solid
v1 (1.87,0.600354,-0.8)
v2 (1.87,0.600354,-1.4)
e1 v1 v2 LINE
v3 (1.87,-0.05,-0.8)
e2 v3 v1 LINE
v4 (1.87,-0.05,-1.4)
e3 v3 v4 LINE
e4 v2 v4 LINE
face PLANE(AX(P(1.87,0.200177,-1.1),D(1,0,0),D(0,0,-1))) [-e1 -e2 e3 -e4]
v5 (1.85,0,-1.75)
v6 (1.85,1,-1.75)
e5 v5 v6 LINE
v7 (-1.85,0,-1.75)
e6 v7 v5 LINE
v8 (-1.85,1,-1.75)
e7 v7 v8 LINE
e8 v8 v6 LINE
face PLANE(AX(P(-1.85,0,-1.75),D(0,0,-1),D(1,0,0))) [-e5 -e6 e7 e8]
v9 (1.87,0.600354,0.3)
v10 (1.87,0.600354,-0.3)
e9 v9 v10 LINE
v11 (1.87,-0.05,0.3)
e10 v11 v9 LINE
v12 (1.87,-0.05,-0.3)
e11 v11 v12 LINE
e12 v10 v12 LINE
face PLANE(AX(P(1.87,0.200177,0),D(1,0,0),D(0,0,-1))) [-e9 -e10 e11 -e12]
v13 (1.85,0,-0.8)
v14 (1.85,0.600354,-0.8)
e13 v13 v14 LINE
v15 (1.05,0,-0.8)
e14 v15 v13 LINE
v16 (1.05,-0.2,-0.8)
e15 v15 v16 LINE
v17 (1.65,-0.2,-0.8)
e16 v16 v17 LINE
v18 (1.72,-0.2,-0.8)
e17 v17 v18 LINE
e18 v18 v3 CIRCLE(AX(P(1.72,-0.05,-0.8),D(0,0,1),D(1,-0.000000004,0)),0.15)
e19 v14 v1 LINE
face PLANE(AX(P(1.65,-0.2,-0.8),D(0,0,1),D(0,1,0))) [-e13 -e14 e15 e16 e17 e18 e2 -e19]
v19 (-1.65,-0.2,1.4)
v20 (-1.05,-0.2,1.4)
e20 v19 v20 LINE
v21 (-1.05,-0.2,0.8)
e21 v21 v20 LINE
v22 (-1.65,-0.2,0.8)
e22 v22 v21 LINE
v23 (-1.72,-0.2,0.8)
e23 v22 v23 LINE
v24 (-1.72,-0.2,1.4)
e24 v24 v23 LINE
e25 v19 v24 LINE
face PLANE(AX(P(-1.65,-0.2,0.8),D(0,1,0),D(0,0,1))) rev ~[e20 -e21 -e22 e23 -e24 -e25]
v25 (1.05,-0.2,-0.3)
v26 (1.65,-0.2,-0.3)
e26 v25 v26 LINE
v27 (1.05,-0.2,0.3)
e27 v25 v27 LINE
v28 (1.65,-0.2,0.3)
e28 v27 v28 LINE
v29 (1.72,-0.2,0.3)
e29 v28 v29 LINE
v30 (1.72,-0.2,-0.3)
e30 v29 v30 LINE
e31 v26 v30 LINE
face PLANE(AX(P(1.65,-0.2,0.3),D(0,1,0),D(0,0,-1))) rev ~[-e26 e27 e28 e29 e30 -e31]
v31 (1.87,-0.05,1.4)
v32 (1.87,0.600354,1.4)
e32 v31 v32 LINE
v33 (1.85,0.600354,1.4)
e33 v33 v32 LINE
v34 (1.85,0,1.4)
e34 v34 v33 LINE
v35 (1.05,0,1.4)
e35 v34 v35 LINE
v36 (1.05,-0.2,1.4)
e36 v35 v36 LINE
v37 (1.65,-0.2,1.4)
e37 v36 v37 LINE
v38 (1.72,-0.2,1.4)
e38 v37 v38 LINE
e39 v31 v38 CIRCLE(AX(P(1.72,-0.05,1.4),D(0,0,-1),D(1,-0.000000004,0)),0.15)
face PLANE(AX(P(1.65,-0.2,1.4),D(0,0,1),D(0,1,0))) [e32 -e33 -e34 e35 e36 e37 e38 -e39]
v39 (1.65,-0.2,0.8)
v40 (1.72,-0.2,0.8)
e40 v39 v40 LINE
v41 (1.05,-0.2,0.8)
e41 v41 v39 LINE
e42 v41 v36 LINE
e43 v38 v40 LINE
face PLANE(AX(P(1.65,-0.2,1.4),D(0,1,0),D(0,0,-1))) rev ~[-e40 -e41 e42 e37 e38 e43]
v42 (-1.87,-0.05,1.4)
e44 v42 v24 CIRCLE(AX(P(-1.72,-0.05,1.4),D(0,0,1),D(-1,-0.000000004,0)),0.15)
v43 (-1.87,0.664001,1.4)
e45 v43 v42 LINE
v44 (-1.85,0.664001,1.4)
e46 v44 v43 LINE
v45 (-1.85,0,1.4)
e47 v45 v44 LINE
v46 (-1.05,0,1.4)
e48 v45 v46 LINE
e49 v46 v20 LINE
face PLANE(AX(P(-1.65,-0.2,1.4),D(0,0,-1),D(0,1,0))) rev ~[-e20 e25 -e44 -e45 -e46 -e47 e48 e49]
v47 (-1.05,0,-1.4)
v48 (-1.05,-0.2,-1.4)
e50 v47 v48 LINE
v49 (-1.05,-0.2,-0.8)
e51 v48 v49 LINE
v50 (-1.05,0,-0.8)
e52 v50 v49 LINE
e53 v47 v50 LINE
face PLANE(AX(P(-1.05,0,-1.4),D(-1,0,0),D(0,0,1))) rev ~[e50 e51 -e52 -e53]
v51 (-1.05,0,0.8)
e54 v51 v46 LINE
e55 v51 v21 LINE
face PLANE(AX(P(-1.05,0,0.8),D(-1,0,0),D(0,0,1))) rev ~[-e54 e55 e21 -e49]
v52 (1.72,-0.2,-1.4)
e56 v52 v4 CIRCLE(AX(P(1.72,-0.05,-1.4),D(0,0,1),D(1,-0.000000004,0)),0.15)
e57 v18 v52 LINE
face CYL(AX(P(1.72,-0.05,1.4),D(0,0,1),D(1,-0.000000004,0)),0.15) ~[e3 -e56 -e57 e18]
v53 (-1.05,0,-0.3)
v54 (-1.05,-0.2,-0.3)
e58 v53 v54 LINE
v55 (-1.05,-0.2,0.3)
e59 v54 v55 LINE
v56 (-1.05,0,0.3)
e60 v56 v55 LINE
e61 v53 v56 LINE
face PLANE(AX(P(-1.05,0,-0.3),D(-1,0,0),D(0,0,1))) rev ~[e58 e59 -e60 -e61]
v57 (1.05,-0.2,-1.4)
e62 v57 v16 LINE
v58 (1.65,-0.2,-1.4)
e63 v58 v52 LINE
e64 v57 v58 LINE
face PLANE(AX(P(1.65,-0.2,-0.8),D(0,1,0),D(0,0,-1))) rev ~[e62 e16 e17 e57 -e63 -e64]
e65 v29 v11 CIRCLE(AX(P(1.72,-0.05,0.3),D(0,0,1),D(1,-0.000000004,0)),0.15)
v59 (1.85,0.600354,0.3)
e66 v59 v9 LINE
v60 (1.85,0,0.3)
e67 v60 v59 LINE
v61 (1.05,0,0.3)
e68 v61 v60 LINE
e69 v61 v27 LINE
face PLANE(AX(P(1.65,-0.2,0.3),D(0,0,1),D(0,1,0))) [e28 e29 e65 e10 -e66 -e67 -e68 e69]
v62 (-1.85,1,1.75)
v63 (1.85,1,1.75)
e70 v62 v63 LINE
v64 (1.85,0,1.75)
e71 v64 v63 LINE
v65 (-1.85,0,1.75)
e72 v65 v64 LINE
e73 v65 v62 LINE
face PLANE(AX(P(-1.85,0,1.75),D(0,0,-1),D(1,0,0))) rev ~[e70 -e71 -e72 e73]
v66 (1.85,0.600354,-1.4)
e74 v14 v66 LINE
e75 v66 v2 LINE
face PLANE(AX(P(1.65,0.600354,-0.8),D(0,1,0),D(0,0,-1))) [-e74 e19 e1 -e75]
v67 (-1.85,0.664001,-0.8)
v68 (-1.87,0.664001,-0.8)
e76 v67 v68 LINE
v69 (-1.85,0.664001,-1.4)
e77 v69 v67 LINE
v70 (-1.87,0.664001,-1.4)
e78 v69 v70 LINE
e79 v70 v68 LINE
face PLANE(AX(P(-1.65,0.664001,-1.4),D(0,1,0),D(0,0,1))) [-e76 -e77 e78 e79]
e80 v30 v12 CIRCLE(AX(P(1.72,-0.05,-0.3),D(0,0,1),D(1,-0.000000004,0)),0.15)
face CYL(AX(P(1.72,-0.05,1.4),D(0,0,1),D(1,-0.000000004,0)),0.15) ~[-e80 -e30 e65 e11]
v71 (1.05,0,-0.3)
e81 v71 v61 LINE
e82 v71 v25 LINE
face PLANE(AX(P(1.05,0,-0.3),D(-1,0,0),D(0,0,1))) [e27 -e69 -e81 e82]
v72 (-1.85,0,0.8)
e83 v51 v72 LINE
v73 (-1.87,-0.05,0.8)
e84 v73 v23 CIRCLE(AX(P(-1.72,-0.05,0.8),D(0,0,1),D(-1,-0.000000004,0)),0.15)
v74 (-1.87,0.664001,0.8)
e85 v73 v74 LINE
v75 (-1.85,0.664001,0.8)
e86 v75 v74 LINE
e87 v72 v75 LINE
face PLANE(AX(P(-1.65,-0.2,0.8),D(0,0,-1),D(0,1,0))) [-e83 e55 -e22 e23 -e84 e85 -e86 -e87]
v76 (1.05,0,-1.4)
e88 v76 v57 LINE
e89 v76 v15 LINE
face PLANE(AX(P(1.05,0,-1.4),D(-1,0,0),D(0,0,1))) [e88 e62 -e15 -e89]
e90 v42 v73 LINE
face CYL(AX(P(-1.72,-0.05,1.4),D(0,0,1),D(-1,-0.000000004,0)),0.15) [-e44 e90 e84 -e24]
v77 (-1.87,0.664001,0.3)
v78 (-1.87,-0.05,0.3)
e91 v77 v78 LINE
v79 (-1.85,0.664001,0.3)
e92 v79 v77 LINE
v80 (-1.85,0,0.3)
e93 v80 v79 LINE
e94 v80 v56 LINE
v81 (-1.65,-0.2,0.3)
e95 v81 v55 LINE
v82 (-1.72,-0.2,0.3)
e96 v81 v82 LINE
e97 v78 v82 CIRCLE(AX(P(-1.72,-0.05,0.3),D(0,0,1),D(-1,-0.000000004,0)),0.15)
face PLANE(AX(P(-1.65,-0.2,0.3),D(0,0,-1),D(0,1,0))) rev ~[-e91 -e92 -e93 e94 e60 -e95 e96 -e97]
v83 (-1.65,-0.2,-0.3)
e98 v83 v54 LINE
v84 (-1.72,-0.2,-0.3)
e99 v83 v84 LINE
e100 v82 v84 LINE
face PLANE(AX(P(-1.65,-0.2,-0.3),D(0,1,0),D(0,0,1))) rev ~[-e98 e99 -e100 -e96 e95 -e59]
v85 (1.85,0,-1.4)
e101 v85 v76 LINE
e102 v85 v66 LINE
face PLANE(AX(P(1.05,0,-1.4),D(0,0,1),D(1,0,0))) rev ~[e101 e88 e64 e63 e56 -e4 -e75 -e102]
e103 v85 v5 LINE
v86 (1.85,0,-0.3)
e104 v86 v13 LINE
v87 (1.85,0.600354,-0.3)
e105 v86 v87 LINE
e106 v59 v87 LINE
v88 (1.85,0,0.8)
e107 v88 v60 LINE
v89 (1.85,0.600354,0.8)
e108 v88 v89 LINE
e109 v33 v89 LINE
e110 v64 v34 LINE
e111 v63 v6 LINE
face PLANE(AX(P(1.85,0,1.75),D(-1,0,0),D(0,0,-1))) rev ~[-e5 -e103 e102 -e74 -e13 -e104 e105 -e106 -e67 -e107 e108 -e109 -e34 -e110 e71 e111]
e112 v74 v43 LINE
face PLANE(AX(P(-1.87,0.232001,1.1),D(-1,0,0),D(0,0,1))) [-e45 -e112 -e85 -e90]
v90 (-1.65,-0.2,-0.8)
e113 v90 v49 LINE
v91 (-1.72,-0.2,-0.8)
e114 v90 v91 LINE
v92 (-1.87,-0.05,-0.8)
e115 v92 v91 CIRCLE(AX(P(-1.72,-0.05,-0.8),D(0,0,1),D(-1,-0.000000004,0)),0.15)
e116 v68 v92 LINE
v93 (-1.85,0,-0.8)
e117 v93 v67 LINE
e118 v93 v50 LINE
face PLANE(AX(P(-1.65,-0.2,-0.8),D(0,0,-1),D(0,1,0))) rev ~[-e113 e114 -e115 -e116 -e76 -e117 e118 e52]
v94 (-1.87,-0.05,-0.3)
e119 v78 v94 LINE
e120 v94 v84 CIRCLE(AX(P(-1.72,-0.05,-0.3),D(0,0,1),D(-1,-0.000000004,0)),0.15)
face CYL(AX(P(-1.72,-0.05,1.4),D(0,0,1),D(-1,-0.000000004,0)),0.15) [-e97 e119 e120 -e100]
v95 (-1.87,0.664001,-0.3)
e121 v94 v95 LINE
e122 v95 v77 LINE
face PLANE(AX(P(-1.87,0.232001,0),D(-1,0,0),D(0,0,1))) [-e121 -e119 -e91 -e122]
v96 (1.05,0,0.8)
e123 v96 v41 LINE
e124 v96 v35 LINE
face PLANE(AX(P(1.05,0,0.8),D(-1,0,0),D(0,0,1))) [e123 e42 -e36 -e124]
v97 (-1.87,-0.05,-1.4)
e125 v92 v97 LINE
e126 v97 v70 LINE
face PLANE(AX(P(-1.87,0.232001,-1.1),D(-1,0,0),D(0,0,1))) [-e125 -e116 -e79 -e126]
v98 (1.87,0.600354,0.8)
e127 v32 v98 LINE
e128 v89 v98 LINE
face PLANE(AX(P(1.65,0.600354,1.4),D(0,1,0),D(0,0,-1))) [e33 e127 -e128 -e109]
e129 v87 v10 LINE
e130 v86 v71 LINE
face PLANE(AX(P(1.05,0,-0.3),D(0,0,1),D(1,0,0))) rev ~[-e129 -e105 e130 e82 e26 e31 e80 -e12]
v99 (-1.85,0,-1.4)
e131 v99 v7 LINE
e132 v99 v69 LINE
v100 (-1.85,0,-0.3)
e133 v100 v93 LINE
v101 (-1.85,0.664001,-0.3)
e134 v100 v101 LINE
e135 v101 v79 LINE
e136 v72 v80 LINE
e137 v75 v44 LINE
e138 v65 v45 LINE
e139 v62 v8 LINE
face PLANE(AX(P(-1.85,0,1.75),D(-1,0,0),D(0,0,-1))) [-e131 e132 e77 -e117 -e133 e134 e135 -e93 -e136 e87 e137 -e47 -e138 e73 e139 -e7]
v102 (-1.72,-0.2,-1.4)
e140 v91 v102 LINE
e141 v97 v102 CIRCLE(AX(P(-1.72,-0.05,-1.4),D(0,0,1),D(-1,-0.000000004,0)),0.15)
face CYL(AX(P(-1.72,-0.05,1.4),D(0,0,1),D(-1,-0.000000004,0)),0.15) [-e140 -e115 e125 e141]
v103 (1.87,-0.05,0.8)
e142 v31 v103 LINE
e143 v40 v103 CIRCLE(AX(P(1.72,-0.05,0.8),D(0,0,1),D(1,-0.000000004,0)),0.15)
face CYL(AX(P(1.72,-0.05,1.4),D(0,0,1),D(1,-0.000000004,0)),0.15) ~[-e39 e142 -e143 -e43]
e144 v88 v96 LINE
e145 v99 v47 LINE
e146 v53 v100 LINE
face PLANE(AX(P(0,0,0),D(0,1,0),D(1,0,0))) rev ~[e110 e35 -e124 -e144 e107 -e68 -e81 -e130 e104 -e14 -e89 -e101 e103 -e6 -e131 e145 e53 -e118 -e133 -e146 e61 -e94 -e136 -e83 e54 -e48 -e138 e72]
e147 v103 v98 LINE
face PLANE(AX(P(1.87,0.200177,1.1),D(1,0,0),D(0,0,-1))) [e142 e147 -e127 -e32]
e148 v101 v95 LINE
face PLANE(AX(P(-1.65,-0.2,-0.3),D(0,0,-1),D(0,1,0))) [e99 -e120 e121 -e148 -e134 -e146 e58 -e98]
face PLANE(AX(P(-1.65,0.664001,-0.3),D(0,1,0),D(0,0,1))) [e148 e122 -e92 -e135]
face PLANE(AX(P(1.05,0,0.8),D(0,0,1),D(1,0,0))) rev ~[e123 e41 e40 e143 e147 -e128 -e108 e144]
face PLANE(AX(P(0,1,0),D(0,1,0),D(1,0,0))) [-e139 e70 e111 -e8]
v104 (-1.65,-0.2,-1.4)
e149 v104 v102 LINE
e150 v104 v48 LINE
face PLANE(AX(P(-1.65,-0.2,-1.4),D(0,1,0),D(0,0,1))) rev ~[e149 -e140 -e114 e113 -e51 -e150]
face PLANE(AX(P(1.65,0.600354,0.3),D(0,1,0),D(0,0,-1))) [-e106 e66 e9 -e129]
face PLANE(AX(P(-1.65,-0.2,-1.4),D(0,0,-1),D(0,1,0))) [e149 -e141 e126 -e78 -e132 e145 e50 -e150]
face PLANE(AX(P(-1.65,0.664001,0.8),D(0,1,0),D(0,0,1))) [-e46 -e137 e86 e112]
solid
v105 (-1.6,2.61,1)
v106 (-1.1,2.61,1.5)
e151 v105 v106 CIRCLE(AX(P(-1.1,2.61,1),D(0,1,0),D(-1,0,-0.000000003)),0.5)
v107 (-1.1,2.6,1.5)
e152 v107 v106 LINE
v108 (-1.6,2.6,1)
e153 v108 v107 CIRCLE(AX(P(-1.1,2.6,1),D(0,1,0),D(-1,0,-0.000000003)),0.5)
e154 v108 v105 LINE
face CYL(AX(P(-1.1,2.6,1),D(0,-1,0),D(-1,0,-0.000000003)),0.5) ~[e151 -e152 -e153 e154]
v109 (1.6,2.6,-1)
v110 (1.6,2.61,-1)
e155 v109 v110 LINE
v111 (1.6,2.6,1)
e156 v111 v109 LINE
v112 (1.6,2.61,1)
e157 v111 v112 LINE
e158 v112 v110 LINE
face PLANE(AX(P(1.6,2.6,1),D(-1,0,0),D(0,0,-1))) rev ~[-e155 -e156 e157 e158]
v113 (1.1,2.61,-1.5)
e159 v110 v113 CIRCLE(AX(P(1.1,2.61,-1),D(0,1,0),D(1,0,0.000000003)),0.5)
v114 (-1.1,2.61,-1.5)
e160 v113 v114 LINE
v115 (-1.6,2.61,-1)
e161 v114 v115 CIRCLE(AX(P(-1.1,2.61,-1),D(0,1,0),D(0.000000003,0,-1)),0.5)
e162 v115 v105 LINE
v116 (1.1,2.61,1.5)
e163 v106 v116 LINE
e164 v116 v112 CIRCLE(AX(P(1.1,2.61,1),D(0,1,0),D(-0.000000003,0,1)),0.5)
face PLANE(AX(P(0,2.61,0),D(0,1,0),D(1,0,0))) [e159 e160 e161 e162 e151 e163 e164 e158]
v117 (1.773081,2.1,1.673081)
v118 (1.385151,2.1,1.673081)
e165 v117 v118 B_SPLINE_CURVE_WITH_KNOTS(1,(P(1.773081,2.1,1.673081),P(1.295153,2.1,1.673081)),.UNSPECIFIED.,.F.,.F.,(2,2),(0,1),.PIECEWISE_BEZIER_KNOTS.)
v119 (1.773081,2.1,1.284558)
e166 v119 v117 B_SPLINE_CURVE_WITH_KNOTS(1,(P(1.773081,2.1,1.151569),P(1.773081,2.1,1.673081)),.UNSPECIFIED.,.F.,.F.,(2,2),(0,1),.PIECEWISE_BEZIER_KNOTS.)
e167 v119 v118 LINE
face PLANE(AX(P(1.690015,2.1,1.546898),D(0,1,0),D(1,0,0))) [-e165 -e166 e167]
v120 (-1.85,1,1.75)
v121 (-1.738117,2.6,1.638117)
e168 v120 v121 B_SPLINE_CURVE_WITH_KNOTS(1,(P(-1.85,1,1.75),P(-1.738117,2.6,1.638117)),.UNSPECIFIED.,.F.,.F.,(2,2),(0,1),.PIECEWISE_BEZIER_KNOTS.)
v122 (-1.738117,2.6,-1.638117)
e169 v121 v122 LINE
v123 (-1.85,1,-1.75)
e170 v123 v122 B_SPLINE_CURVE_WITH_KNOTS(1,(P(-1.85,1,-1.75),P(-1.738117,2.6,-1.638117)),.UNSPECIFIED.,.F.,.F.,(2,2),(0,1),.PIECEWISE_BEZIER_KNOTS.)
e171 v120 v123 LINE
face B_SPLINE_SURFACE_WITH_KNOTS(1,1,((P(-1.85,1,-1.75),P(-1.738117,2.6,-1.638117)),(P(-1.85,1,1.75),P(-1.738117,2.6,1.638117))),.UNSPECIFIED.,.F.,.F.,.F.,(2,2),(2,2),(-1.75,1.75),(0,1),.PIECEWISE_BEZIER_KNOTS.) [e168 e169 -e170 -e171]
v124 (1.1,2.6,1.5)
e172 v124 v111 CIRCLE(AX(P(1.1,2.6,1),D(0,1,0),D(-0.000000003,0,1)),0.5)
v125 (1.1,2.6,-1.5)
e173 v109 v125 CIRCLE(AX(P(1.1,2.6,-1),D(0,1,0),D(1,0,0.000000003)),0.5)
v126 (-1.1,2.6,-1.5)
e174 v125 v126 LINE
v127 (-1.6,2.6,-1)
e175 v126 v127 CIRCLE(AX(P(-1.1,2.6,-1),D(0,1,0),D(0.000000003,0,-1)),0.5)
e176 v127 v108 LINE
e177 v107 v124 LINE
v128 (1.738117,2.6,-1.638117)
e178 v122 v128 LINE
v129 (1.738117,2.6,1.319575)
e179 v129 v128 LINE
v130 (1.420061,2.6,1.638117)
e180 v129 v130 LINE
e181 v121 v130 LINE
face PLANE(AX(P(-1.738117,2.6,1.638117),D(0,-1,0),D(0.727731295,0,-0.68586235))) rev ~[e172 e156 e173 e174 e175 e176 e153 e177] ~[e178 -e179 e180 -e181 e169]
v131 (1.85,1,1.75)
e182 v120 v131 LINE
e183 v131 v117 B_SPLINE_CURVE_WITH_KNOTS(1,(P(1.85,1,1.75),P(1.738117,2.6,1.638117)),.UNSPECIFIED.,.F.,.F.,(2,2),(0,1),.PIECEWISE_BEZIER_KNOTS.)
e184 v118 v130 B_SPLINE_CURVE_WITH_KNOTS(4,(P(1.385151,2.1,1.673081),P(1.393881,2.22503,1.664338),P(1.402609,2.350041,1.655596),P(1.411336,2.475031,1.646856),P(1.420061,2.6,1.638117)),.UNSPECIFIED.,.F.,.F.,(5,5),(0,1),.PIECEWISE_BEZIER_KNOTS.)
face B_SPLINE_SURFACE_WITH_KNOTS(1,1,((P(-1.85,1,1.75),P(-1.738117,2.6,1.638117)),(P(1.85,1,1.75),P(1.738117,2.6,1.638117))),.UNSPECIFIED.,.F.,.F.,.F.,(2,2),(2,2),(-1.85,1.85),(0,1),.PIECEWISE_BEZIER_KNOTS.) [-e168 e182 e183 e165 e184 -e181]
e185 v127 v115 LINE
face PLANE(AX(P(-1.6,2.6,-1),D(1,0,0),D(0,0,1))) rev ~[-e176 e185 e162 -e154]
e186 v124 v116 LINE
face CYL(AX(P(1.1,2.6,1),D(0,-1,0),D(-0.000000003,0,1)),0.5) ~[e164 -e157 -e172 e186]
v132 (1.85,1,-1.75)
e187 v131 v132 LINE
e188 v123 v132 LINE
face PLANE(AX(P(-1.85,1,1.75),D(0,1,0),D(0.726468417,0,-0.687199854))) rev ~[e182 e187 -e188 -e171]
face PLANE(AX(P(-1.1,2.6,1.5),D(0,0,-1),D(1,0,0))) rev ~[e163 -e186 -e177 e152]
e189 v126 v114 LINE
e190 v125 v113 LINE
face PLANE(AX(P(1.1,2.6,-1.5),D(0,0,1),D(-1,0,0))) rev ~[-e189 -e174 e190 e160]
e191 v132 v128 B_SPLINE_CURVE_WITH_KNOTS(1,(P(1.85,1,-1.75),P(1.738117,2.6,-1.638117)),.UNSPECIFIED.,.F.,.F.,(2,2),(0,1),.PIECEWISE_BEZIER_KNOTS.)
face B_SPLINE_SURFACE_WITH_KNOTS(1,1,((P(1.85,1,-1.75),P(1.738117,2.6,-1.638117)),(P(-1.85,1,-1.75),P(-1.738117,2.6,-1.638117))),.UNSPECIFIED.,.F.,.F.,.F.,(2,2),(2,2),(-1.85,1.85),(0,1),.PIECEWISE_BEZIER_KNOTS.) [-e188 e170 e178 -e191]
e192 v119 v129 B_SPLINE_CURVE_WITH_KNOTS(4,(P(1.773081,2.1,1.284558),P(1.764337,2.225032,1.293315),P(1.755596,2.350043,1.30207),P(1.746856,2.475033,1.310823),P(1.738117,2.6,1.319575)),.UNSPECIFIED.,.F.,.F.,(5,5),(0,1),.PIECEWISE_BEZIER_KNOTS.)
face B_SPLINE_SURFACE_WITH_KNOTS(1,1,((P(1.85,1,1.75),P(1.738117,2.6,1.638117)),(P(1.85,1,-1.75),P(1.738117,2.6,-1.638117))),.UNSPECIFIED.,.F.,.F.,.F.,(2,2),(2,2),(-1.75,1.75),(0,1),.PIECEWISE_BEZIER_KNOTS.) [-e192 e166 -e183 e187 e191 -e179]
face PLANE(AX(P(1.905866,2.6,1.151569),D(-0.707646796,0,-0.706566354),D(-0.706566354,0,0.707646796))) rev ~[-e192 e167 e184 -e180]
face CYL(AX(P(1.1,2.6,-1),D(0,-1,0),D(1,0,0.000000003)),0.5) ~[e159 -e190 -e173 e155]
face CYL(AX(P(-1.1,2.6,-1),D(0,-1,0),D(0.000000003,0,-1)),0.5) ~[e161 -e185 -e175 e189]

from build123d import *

# Parameters (mm, degrees)
ESQUISSE1_W                  = 3.7
ESQUISSE1_H                  = 3.5
BOSS_EXTRU_1_DEPTH           = 1
ESQUISSE2_W                  = 3.7
ESQUISSE2_H                  = 3.5
BOSS_EXTRU_2_DEPTH           = 1.6
BOSS_EXTRU_2_TAPER           = 4
BOSS_EXTRU_3_DEPTH           = 0.01
ENL_V_MAT_EXTRU_2_DEPTH      = 0.5
ESQUISSE5_W                  = 0.8
ESQUISSE5_H                  = 0.6
BOSS_EXTRU_4_DEPTH           = 0.2
ESQUISSE6_W                  = 0.6
ESQUISSE6_H                  = 0.864001059
ENL_V_MAT_EXTRU_3_DEPTH      = 0.2
ESQUISSE8_W                  = 0.6
ESQUISSE8_H                  = 0.800354125
ENL_V_MAT_EXTRU_4_DEPTH      = 0.2
ESQUISSE9_W                  = 0.6
ESQUISSE9_H                  = 0.864001059
BOSS_EXTRU_5_DEPTH           = 0.22
ESQUISSE10_W                 = 0.6
ESQUISSE10_H                 = 0.800354125
BOSS_EXTRU_6_DEPTH           = 0.22
ENL_V_MAT_EXTRU_5_DEPTH      = 5.497944045
CORPS_D_PLACER_COPIER1_ANGLE = 180


with BuildPart() as part:
    # Esquisse1 → Boss.-Extru.1 (new body)
    with BuildSketch(Plane(origin=(0, 0, 0), x_dir=(1, 0, 0), z_dir=(0, 1, 0))):
        Rectangle(ESQUISSE1_W, ESQUISSE1_H)
    extrude(amount=BOSS_EXTRU_1_DEPTH)

    # Esquisse5 → Boss.-Extru.4 (add)
    with BuildSketch(Plane.XZ):
        with Locations((-1.45, 0)):
            Rectangle(ESQUISSE5_W, ESQUISSE5_H)
        with Locations((1.45, 0)):
            Rectangle(ESQUISSE5_W, ESQUISSE5_H)
        with Locations((1.45, 1.1)):
            Rectangle(ESQUISSE5_W, ESQUISSE5_H)
        with Locations((-1.45, 1.1)):
            Rectangle(ESQUISSE5_W, ESQUISSE5_H)
        with Locations((1.45, -1.1)):
            Rectangle(ESQUISSE5_W, ESQUISSE5_H)
        with Locations((-1.45, -1.1)):
            Rectangle(ESQUISSE5_W, ESQUISSE5_H)
    extrude(amount=BOSS_EXTRU_4_DEPTH)

    # Esquisse6 → Enlèv. mat.-Extru.3 (cut)
    with BuildSketch(Plane.ZY.offset(1.85)):
        with Locations((-1.1, 0.23200053)):
            Rectangle(ESQUISSE6_W, ESQUISSE6_H)
        with Locations((0, 0.23200053)):
            Rectangle(ESQUISSE6_W, ESQUISSE6_H)
        with Locations((1.1, 0.23200053)):
            Rectangle(ESQUISSE6_W, ESQUISSE6_H)
    extrude(amount=-ENL_V_MAT_EXTRU_3_DEPTH, mode=Mode.SUBTRACT)

    # Esquisse8 → Enlèv. mat.-Extru.4 (cut)
    with BuildSketch(Plane(origin=(1.85, 0, 0), x_dir=(0, 0, -1), z_dir=(1, 0, 0))):
        with Locations((-1.1, 0.200177063)):
            Rectangle(ESQUISSE8_W, ESQUISSE8_H)
        with Locations((0, 0.200177063)):
            Rectangle(ESQUISSE8_W, ESQUISSE8_H)
        with Locations((1.1, 0.200177063)):
            Rectangle(ESQUISSE8_W, ESQUISSE8_H)
    extrude(amount=-ENL_V_MAT_EXTRU_4_DEPTH, mode=Mode.SUBTRACT)

    # Esquisse9 → Boss.-Extru.5 (add)
    with BuildSketch(Plane.ZY.offset(1.65)):
        with Locations((-1.1, 0.23200053)):
            Rectangle(ESQUISSE9_W, ESQUISSE9_H)
        with Locations((0, 0.23200053)):
            Rectangle(ESQUISSE9_W, ESQUISSE9_H)
        with Locations((1.1, 0.23200053)):
            Rectangle(ESQUISSE9_W, ESQUISSE9_H)
    extrude(amount=BOSS_EXTRU_5_DEPTH)

    # Esquisse10 → Boss.-Extru.6 (add)
    with BuildSketch(Plane(origin=(1.65, 0, 0), x_dir=(0, 0, -1), z_dir=(1, 0, 0))):
        with Locations((-1.1, 0.200177063)):
            Rectangle(ESQUISSE10_W, ESQUISSE10_H)
        with Locations((0, 0.200177063)):
            Rectangle(ESQUISSE10_W, ESQUISSE10_H)
        with Locations((1.1, 0.200177063)):
            Rectangle(ESQUISSE10_W, ESQUISSE10_H)
    extrude(amount=BOSS_EXTRU_6_DEPTH)

    # Esquisse12 → Enlèv. mat.-Extru.5 (cut, through all)
    with BuildSketch(Plane.XY.offset(1.4)):
        with BuildLine():
            Line((-1.72, -0.2), (-2.05135205, -0.2))
            Line((-2.05135205, -0.2), (-2.05135205, 0))
            Line((-2.05135205, 0), (-1.87, 0))
            Line((-1.87, 0), (-1.87, -0.05))
            ThreePointArc((-1.87, -0.05), (-1.826066017, -0.156066017), (-1.72, -0.2))
        make_face()
        with BuildLine():
            Line((1.72, -0.2), (2.046281508, -0.2))
            Line((2.046281508, -0.2), (2.046281508, 0))
            Line((2.046281508, 0), (1.87, 0))
            Line((1.87, 0), (1.87, -0.05))
            ThreePointArc((1.87, -0.05), (1.826066017, -0.156066017), (1.72, -0.2))
        make_face()
    extrude(amount=-ENL_V_MAT_EXTRU_5_DEPTH, mode=Mode.SUBTRACT)


with BuildPart() as body_2:
    # Esquisse2 → Boss.-Extru.2 (new body)
    with BuildSketch(Plane(origin=(0, 1, 0), x_dir=(1, 0, 0), z_dir=(0, 1, 0))):
        Rectangle(ESQUISSE2_W, ESQUISSE2_H)
    extrude(amount=BOSS_EXTRU_2_DEPTH, taper=BOSS_EXTRU_2_TAPER)

    # Esquisse3 → Boss.-Extru.3 (add)
    with BuildSketch(Plane(origin=(0, 2.6, 0), x_dir=(1, 0, 0), z_dir=(0, 1, 0))):
        with BuildLine():
            Line((-1.1, -1.5), (1.1, -1.5))
            ThreePointArc((1.1, -1.5), (1.453553391, -1.353553391), (1.6, -1))
            Line((1.6, -1), (1.6, 1))
            ThreePointArc((1.6, 1), (1.453553391, 1.353553391), (1.1, 1.5))
            Line((1.1, 1.5), (-1.1, 1.5))
            ThreePointArc((-1.1, 1.5), (-1.453553391, 1.353553391), (-1.6, 1))
            Line((-1.6, 1), (-1.6, -1))
            ThreePointArc((-1.6, -1), (-1.453553391, -1.353553391), (-1.1, -1.5))
        make_face()
    extrude(amount=BOSS_EXTRU_3_DEPTH)

    # Esquisse4 → Enlèv. mat.-Extru.2 (cut)
    with BuildSketch(Plane(origin=(0, 2.6, 0), x_dir=(1, 0, 0), z_dir=(0, 1, 0))):
        Polygon((1.90586632, -1.76321677), (1.90586632, -1.151569279), (1.295152698, -1.76321677), align=None)
    extrude(amount=-ENL_V_MAT_EXTRU_2_DEPTH, mode=Mode.SUBTRACT)


with BuildPart() as body_2_1:
    # Corps-Déplacer/Copier1: moved
    add(body_2.part.rotate(Axis((0, 0, 0), (0, 1, 0)), CORPS_D_PLACER_COPIER1_ANGLE))


with BuildPart() as part_1:
    # Corps-Déplacer/Copier1: moved
    add(part.part.rotate(Axis((0, 0, 0), (0, 1, 0)), CORPS_D_PLACER_COPIER1_ANGLE))


solid = Compound([body_2_1.part, part_1.part])
